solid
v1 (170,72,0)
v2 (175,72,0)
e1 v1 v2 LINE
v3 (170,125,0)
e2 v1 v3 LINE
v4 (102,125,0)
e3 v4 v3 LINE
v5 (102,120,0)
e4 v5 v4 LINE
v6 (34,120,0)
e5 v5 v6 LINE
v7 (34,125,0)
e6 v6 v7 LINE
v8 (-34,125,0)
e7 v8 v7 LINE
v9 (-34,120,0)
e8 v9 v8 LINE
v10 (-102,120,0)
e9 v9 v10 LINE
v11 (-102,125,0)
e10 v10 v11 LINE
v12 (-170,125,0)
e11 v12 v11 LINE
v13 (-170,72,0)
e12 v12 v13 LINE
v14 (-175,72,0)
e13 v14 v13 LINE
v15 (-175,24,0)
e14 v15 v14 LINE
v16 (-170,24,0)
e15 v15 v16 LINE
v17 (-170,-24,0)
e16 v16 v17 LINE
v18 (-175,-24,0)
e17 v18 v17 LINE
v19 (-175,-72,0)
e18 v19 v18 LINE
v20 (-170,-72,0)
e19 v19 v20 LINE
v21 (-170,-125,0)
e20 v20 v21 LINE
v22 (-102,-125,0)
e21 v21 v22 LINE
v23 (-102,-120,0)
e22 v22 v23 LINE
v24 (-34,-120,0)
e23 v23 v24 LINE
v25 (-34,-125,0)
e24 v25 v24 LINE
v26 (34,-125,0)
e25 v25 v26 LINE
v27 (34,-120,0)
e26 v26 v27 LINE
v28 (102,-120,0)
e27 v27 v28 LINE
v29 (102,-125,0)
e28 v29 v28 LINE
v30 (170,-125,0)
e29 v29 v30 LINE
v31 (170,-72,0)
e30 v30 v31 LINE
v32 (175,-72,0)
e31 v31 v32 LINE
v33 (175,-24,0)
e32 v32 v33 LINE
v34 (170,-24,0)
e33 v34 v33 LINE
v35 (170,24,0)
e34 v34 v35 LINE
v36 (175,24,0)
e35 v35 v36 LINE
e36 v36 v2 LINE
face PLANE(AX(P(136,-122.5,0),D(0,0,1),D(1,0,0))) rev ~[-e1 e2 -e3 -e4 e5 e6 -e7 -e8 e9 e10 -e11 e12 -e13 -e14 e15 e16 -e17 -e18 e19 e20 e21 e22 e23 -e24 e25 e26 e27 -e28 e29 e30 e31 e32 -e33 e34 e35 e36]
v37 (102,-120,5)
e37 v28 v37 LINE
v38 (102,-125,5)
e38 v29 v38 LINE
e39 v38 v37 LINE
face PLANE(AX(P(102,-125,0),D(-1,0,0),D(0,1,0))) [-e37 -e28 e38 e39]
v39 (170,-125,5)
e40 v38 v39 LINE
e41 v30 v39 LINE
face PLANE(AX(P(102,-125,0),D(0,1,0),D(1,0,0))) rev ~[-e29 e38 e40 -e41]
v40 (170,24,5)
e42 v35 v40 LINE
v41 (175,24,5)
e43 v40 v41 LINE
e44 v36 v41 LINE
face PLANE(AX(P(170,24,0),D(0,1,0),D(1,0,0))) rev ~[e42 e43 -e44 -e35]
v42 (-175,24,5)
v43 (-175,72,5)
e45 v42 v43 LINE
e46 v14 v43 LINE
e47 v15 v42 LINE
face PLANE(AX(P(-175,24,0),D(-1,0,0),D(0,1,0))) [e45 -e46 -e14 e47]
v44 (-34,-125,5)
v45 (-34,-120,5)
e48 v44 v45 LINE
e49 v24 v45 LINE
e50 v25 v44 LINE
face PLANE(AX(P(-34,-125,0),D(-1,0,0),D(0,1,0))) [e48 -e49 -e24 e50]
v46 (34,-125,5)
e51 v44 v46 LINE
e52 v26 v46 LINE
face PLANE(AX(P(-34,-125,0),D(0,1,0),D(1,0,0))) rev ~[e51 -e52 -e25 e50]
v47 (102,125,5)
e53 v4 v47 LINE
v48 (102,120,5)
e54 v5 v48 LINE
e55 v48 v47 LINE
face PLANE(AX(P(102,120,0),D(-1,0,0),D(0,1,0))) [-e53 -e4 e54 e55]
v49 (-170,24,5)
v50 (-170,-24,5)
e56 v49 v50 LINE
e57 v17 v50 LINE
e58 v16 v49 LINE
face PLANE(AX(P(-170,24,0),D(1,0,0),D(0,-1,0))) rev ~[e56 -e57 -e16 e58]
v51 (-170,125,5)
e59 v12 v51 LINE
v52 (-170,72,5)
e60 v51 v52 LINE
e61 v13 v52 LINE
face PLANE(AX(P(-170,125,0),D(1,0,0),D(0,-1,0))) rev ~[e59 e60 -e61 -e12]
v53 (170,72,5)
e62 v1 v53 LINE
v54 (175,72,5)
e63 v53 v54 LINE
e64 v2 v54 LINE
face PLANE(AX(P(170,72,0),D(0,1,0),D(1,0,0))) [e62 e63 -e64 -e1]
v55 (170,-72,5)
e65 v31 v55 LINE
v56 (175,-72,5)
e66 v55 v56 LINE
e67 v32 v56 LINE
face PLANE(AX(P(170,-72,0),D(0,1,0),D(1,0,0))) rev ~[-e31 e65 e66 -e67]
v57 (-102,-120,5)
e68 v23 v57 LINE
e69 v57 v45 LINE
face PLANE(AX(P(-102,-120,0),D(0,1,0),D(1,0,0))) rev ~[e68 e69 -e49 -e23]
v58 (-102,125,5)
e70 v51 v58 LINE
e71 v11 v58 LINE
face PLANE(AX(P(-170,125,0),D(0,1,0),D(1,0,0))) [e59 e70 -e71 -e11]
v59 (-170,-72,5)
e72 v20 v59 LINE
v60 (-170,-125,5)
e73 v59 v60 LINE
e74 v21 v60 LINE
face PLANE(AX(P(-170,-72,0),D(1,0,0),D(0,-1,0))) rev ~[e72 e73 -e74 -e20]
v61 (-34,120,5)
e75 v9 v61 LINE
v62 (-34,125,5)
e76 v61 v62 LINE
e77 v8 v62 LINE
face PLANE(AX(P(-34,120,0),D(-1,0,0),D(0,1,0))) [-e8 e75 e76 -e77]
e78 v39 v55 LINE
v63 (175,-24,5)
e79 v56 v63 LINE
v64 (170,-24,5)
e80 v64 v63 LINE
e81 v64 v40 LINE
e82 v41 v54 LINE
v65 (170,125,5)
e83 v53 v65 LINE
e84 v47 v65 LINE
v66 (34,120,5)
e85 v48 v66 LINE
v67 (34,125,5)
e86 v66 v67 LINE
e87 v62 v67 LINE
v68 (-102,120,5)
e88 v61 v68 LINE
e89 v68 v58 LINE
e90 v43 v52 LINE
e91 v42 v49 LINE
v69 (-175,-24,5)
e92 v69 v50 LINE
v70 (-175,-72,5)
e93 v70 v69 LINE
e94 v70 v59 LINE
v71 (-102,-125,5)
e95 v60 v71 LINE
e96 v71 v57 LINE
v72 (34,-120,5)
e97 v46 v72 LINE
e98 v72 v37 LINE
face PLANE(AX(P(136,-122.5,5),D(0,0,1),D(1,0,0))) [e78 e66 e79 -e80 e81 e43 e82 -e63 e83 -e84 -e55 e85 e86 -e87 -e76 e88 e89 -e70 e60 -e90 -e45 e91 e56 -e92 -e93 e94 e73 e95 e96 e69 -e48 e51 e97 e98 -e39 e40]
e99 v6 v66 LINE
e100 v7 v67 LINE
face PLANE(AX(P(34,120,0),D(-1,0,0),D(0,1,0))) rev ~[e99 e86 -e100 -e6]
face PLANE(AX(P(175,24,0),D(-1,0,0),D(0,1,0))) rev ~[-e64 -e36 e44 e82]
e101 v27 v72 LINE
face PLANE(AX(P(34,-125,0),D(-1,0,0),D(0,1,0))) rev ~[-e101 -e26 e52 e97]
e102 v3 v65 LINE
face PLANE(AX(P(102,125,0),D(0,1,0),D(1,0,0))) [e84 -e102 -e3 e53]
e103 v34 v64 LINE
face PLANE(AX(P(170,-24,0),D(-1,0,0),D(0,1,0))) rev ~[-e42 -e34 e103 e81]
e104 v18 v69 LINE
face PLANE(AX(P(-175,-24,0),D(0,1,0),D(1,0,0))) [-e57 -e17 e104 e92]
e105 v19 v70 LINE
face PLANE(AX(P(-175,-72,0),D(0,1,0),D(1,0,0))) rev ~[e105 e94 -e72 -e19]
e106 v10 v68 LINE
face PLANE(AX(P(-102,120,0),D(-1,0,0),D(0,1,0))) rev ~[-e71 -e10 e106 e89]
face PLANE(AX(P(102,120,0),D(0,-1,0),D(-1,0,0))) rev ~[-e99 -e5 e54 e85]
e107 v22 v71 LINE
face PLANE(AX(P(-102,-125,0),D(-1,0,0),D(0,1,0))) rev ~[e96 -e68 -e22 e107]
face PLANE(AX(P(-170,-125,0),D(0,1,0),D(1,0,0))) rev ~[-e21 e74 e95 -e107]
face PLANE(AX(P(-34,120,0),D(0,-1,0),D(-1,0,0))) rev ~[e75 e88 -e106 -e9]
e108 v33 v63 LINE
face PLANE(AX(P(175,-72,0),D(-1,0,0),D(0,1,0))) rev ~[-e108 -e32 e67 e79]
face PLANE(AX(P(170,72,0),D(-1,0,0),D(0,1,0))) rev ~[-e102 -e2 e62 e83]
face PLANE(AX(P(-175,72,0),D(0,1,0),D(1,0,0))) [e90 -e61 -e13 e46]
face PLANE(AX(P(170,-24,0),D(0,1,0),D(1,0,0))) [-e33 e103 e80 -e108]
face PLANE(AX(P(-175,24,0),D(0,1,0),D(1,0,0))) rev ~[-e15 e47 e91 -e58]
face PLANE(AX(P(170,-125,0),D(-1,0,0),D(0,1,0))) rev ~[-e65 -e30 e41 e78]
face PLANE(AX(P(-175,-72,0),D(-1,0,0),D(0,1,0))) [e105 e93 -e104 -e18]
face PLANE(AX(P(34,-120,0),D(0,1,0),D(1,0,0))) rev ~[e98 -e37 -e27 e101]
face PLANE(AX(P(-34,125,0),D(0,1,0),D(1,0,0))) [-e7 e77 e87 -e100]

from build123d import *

# Parameters (mm, degrees)
F0_W     = 68
F0_H     = 5
F0_W_2   = 5
F0_H_2   = 48
F1_DEPTH = 5


with BuildPart() as f1:
    # F0 (on Top) → F1 (new body)
    with BuildSketch(Plane.XY):
        with Locations((136, -122.5)):
            Rectangle(F0_W, F0_H)
        Polygon((102, -120), (170, -120), (170, -72), (170, -24), (170, 24), (170, 72), (170, 120), (102, 120), (34, 120), (-34, 120), (-102, 120), (-170, 120), (-170, 72), (-170, 24), (-170, -24), (-170, -72), (-170, -120), (-102, -120), (-34, -120), (34, -120), align=None)
        with Locations((172.5, -48)):
            Rectangle(F0_W_2, F0_H_2)
        with Locations((0, -122.5)):
            Rectangle(F0_W, F0_H)
        with Locations((172.5, 48)):
            Rectangle(F0_W_2, F0_H_2)
        with Locations((-136, -122.5)):
            Rectangle(F0_W, F0_H)
        with Locations((136, 122.5)):
            Rectangle(F0_W, F0_H)
        with Locations((-172.5, -48)):
            Rectangle(F0_W_2, F0_H_2)
        with Locations((0, 122.5)):
            Rectangle(F0_W, F0_H)
        with Locations((-172.5, 48)):
            Rectangle(F0_W_2, F0_H_2)
        with Locations((-136, 122.5)):
            Rectangle(F0_W, F0_H)
    extrude(amount=F1_DEPTH)


solid = f1.part
